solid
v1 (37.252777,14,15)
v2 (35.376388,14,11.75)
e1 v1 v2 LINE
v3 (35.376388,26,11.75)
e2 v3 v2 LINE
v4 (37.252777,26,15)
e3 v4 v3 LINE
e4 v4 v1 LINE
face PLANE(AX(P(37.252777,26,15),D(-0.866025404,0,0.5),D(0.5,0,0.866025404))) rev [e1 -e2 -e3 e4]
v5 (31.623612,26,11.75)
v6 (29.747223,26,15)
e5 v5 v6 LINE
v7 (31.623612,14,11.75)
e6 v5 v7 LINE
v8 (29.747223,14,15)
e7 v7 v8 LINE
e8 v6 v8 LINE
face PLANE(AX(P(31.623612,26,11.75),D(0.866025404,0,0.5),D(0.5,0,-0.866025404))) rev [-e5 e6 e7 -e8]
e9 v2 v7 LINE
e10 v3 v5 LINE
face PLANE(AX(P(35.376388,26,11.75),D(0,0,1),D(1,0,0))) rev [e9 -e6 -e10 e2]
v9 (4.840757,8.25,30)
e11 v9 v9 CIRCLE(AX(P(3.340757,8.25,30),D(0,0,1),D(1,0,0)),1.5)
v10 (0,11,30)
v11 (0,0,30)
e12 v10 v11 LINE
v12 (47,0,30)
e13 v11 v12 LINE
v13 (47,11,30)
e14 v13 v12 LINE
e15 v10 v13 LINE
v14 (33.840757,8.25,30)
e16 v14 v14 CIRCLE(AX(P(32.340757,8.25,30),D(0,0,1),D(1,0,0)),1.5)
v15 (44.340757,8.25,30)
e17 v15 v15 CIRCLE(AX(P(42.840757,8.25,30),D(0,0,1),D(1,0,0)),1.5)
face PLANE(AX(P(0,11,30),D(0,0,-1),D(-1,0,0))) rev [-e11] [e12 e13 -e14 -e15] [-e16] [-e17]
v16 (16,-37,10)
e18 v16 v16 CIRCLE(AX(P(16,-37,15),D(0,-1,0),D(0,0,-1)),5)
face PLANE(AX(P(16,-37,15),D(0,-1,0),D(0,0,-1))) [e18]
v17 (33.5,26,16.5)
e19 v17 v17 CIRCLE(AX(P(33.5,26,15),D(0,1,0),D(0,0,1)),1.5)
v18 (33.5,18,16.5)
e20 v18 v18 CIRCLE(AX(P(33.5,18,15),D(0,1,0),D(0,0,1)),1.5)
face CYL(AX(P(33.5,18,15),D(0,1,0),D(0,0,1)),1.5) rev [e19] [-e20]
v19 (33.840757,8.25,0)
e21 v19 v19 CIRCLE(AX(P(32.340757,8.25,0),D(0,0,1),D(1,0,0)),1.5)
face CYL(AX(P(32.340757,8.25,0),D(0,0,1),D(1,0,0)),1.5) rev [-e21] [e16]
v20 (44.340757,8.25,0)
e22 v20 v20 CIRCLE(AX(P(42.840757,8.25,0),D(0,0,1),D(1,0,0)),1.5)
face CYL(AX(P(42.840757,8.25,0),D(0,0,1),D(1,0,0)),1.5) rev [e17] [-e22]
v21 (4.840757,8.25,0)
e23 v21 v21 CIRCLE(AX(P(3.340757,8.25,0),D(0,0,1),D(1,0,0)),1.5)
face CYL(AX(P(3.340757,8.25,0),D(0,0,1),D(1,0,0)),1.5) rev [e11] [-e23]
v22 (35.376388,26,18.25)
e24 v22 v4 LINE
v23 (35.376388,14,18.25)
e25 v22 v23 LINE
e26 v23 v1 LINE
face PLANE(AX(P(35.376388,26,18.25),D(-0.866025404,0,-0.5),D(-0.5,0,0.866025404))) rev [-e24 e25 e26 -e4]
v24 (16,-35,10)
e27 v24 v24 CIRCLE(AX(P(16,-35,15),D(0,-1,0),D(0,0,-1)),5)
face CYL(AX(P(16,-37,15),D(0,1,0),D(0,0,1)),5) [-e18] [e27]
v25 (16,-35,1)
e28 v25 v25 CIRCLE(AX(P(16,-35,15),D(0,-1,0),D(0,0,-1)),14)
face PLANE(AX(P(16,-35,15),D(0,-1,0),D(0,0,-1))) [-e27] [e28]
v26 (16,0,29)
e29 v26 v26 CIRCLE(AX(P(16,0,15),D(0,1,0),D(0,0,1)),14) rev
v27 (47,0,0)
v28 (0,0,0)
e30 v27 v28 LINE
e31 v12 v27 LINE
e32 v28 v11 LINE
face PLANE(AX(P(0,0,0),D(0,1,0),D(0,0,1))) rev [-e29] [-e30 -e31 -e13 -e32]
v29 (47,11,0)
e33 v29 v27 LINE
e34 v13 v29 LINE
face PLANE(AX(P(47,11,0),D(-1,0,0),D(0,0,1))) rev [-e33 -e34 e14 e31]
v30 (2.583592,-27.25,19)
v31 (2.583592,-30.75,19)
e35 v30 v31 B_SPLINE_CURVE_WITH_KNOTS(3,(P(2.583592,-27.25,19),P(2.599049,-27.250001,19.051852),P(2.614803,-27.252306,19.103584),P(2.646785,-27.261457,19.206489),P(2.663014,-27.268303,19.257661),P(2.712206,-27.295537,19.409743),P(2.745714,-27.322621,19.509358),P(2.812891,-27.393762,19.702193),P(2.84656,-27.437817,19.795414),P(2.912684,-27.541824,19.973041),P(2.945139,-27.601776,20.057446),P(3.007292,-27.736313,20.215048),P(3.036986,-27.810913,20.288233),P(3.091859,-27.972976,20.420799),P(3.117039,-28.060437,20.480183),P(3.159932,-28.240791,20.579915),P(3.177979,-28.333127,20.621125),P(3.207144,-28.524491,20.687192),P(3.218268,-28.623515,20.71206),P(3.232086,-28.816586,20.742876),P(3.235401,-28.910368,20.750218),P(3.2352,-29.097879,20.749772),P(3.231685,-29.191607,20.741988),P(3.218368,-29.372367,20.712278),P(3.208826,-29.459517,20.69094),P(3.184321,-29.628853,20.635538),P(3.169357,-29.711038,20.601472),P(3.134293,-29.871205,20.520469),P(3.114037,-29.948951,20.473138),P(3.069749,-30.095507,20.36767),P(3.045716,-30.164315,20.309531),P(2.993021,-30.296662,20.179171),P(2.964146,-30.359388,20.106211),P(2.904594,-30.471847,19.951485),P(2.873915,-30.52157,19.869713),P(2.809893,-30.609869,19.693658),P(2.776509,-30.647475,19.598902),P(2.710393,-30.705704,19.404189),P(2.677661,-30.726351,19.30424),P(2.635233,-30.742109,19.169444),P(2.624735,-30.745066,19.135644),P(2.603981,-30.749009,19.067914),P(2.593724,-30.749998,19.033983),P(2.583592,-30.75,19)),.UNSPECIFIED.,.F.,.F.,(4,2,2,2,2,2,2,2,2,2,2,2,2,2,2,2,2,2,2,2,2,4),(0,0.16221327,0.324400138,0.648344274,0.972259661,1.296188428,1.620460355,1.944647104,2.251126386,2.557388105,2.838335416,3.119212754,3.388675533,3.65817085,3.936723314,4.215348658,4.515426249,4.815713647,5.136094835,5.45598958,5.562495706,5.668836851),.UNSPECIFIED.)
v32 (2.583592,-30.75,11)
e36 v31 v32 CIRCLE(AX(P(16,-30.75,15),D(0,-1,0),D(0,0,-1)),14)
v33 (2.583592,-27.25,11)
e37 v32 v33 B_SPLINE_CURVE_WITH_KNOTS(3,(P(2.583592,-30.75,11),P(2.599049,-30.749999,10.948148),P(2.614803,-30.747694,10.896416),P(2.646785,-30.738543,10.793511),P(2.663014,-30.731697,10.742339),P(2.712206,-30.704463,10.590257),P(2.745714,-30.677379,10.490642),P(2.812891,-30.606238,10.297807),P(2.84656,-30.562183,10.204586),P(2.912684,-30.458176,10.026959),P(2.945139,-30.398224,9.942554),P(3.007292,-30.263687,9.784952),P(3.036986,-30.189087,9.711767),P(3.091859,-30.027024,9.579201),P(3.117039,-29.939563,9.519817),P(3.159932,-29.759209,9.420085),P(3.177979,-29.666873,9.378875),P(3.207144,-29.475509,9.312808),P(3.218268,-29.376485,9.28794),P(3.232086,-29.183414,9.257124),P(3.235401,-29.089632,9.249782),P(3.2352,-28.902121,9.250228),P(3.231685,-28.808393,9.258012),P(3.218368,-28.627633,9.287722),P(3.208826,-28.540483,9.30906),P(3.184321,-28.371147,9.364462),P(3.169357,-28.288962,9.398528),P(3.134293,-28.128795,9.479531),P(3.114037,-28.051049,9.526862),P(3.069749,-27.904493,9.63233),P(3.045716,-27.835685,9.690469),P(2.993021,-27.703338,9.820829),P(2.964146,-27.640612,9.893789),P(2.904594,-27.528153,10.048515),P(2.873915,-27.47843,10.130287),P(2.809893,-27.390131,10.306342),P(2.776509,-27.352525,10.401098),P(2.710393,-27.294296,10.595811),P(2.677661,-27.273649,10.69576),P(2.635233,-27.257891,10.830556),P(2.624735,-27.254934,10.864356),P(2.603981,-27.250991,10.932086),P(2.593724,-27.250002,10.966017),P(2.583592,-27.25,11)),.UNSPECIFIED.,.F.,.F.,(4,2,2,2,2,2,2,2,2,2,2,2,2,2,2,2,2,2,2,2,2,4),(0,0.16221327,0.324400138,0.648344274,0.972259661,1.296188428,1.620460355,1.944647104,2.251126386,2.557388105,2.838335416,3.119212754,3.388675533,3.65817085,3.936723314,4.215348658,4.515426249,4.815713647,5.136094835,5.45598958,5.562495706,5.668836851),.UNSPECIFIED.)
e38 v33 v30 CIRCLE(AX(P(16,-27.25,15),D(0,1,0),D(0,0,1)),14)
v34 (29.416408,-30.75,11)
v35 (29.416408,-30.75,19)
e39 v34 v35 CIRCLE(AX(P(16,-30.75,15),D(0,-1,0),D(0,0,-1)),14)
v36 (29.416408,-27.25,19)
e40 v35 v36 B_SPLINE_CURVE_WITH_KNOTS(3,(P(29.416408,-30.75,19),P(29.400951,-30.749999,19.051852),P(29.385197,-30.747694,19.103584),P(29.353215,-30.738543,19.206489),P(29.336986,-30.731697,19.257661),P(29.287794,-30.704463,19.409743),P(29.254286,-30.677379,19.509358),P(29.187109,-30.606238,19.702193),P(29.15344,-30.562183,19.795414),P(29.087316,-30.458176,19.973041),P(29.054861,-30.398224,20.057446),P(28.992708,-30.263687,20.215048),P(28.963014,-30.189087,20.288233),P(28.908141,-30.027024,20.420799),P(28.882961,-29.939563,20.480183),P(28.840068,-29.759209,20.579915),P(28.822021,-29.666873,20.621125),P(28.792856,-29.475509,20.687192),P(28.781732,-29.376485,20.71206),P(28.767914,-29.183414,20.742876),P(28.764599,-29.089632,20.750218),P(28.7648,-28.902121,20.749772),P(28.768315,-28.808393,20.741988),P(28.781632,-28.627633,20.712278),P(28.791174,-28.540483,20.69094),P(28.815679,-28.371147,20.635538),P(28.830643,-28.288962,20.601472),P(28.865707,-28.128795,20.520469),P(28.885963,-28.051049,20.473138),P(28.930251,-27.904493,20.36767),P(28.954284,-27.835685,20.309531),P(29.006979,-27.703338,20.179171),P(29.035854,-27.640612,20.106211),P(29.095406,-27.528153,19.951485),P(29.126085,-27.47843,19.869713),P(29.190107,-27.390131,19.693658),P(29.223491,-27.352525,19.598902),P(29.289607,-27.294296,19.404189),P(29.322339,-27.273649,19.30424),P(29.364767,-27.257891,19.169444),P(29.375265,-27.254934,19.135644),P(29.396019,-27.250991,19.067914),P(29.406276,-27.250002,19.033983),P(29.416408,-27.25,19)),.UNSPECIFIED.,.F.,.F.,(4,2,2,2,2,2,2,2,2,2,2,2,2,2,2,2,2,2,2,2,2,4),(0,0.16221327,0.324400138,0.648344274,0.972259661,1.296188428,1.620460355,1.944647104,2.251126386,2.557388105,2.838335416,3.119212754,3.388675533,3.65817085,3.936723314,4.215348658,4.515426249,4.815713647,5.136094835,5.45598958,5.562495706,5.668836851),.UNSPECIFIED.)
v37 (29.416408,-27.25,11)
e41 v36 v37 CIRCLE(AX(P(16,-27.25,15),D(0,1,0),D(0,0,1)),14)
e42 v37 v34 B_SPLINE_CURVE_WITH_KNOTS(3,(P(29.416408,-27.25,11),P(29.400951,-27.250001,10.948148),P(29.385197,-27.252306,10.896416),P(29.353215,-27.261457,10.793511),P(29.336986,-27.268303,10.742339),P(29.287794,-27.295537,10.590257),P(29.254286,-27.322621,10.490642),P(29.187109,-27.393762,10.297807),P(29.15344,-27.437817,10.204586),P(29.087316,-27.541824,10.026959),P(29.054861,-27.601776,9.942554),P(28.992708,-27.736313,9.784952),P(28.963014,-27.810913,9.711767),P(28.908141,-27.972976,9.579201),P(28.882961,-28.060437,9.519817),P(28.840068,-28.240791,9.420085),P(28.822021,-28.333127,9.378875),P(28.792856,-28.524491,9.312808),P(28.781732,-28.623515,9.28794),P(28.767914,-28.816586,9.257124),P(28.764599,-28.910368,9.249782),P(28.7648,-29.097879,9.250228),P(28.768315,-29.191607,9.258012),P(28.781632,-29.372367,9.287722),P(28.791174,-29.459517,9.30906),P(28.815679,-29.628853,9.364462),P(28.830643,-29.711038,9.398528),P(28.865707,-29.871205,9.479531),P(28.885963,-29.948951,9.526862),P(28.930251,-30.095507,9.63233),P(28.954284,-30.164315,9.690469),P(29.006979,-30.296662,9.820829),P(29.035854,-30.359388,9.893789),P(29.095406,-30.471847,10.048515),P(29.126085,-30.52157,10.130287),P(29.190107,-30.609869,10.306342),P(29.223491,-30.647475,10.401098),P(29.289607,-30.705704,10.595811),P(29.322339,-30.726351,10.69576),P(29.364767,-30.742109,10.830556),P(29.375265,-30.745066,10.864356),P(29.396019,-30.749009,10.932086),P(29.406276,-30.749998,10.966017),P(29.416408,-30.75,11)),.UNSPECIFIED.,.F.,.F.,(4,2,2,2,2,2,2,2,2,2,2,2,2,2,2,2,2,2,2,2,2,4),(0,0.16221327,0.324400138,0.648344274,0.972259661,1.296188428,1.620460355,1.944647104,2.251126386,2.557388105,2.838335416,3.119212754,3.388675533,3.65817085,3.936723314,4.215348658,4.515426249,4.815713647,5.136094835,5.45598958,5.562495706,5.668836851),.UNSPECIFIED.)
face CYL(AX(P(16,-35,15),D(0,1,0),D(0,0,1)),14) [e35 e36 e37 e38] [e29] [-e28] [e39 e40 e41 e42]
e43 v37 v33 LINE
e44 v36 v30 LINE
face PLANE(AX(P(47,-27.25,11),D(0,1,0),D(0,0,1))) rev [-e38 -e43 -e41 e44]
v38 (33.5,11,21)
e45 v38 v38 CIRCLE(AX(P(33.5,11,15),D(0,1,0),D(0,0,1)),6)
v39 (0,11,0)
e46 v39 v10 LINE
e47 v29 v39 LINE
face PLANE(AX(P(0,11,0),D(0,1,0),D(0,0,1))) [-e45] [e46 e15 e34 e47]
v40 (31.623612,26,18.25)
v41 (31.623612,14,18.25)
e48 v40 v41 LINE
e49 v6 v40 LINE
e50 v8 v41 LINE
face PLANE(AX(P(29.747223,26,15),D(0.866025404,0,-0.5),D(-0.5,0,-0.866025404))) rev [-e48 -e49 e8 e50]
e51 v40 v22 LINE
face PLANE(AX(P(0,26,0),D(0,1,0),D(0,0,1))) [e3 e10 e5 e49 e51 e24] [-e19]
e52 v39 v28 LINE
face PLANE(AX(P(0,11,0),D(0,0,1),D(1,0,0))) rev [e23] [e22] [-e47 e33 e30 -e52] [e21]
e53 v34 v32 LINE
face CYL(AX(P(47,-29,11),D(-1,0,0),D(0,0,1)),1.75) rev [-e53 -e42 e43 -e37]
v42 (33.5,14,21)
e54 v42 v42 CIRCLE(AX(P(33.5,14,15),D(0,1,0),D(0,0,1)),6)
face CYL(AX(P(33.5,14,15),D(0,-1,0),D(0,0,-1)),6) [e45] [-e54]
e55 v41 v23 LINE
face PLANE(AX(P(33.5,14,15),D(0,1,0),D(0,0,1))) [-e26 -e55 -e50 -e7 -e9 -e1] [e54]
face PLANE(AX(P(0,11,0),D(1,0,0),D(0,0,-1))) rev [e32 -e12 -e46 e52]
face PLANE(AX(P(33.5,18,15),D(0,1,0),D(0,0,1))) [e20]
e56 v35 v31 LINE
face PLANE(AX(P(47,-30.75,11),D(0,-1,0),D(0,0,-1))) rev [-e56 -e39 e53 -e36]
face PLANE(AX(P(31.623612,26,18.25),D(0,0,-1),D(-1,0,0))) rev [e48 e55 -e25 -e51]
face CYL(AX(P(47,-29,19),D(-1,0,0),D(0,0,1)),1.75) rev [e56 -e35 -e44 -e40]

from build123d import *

# Parameters (mm, degrees)
SKETCH_1_W          = 47
SKETCH_1_H          = 30
EXTRUDE_1_DEPTH     = 11
SKETCH_2_R          = 6
EXTRUDE_2_DEPTH     = 3
EXTRUDE_3_DEPTH     = 12
SKETCH_4_R          = 14
EXTRUDE_4_DEPTH     = 35
SKETCH_5_R          = 5
EXTRUDE_5_DEPTH     = 2
SKETCH_6_R          = 1.5
CUT_EXTRUDE_1_DEPTH = 67.917860097
CUT_EXTRUDE_2_DEPTH = 67.917860097
SKETCH_9_R          = 1.5
CUT_EXTRUDE_3_DEPTH = 8


with BuildPart() as part:
    # 草图1 → 凸台-拉伸1 (new body)
    with BuildSketch(Plane(origin=(0, 0, 0), x_dir=(1, 0, 0), z_dir=(0, 1, 0))):
        with Locations((23.5, -15)):
            Rectangle(SKETCH_1_W, SKETCH_1_H)
    extrude(amount=EXTRUDE_1_DEPTH)

    # 草图2 → 凸台-拉伸2 (add)
    with BuildSketch(Plane(origin=(0, 11, 0), x_dir=(1, 0, 0), z_dir=(0, 1, 0))):
        with Locations(Location((33.5, -15, 0), (0, 0, 270))):
            Circle(SKETCH_2_R)
    extrude(amount=EXTRUDE_2_DEPTH)

    # 草图3 → 凸台-拉伸3 (add)
    with BuildSketch(Plane(origin=(0, 14, 0), x_dir=(1, 0, 0), z_dir=(0, 1, 0))):
        Polygon((37.25277675, -15), (35.376388375, -11.75), (31.623611625, -11.75), (29.74722325, -15), (31.623611625, -18.25), (35.376388375, -18.25), align=None)
    extrude(amount=EXTRUDE_3_DEPTH)

    # 草图4 → 凸台-拉伸4 (add)
    with BuildSketch(Plane.XZ):
        with Locations(Location((16, 15, 0), (0, 0, 90))):
            Circle(SKETCH_4_R)
    extrude(amount=EXTRUDE_4_DEPTH)

    # 草图5 → 凸台-拉伸5 (add)
    with BuildSketch(Plane.XZ.offset(35)):
        with Locations(Location((16, 15, 0), (0, 0, 270))):
            Circle(SKETCH_5_R)
    extrude(amount=EXTRUDE_5_DEPTH)

    # 草图6 → 切除-拉伸1 (cut, through all)
    with BuildSketch(Plane.XY.offset(30)):
        with Locations((3.340757383, 8.25)):
            Circle(SKETCH_6_R)
        with Locations((32.340757383, 8.25)):
            Circle(SKETCH_6_R)
        with Locations((42.840757383, 8.25)):
            Circle(SKETCH_6_R)
    extrude(amount=-CUT_EXTRUDE_1_DEPTH, mode=Mode.SUBTRACT)

    # 草图7 → 切除-拉伸2 (cut, through all)
    with BuildSketch(Plane.ZY):
        with BuildLine():
            Line((11, -27.25), (19, -27.25))
            ThreePointArc((19, -27.25), (20.75, -29), (19, -30.75))
            Line((19, -30.75), (11, -30.75))
            ThreePointArc((11, -30.75), (9.25, -29), (11, -27.25))
        make_face()
    extrude(amount=-CUT_EXTRUDE_2_DEPTH, mode=Mode.SUBTRACT)

    # 草图9 → 切除-拉伸3 (cut)
    with BuildSketch(Plane(origin=(0, 26, 0), x_dir=(1, 0, 0), z_dir=(0, 1, 0))):
        with Locations(Location((33.5, -15, 0), (0, 0, 270))):
            Circle(SKETCH_9_R)
    extrude(amount=-CUT_EXTRUDE_3_DEPTH, mode=Mode.SUBTRACT)


solid = part.part
